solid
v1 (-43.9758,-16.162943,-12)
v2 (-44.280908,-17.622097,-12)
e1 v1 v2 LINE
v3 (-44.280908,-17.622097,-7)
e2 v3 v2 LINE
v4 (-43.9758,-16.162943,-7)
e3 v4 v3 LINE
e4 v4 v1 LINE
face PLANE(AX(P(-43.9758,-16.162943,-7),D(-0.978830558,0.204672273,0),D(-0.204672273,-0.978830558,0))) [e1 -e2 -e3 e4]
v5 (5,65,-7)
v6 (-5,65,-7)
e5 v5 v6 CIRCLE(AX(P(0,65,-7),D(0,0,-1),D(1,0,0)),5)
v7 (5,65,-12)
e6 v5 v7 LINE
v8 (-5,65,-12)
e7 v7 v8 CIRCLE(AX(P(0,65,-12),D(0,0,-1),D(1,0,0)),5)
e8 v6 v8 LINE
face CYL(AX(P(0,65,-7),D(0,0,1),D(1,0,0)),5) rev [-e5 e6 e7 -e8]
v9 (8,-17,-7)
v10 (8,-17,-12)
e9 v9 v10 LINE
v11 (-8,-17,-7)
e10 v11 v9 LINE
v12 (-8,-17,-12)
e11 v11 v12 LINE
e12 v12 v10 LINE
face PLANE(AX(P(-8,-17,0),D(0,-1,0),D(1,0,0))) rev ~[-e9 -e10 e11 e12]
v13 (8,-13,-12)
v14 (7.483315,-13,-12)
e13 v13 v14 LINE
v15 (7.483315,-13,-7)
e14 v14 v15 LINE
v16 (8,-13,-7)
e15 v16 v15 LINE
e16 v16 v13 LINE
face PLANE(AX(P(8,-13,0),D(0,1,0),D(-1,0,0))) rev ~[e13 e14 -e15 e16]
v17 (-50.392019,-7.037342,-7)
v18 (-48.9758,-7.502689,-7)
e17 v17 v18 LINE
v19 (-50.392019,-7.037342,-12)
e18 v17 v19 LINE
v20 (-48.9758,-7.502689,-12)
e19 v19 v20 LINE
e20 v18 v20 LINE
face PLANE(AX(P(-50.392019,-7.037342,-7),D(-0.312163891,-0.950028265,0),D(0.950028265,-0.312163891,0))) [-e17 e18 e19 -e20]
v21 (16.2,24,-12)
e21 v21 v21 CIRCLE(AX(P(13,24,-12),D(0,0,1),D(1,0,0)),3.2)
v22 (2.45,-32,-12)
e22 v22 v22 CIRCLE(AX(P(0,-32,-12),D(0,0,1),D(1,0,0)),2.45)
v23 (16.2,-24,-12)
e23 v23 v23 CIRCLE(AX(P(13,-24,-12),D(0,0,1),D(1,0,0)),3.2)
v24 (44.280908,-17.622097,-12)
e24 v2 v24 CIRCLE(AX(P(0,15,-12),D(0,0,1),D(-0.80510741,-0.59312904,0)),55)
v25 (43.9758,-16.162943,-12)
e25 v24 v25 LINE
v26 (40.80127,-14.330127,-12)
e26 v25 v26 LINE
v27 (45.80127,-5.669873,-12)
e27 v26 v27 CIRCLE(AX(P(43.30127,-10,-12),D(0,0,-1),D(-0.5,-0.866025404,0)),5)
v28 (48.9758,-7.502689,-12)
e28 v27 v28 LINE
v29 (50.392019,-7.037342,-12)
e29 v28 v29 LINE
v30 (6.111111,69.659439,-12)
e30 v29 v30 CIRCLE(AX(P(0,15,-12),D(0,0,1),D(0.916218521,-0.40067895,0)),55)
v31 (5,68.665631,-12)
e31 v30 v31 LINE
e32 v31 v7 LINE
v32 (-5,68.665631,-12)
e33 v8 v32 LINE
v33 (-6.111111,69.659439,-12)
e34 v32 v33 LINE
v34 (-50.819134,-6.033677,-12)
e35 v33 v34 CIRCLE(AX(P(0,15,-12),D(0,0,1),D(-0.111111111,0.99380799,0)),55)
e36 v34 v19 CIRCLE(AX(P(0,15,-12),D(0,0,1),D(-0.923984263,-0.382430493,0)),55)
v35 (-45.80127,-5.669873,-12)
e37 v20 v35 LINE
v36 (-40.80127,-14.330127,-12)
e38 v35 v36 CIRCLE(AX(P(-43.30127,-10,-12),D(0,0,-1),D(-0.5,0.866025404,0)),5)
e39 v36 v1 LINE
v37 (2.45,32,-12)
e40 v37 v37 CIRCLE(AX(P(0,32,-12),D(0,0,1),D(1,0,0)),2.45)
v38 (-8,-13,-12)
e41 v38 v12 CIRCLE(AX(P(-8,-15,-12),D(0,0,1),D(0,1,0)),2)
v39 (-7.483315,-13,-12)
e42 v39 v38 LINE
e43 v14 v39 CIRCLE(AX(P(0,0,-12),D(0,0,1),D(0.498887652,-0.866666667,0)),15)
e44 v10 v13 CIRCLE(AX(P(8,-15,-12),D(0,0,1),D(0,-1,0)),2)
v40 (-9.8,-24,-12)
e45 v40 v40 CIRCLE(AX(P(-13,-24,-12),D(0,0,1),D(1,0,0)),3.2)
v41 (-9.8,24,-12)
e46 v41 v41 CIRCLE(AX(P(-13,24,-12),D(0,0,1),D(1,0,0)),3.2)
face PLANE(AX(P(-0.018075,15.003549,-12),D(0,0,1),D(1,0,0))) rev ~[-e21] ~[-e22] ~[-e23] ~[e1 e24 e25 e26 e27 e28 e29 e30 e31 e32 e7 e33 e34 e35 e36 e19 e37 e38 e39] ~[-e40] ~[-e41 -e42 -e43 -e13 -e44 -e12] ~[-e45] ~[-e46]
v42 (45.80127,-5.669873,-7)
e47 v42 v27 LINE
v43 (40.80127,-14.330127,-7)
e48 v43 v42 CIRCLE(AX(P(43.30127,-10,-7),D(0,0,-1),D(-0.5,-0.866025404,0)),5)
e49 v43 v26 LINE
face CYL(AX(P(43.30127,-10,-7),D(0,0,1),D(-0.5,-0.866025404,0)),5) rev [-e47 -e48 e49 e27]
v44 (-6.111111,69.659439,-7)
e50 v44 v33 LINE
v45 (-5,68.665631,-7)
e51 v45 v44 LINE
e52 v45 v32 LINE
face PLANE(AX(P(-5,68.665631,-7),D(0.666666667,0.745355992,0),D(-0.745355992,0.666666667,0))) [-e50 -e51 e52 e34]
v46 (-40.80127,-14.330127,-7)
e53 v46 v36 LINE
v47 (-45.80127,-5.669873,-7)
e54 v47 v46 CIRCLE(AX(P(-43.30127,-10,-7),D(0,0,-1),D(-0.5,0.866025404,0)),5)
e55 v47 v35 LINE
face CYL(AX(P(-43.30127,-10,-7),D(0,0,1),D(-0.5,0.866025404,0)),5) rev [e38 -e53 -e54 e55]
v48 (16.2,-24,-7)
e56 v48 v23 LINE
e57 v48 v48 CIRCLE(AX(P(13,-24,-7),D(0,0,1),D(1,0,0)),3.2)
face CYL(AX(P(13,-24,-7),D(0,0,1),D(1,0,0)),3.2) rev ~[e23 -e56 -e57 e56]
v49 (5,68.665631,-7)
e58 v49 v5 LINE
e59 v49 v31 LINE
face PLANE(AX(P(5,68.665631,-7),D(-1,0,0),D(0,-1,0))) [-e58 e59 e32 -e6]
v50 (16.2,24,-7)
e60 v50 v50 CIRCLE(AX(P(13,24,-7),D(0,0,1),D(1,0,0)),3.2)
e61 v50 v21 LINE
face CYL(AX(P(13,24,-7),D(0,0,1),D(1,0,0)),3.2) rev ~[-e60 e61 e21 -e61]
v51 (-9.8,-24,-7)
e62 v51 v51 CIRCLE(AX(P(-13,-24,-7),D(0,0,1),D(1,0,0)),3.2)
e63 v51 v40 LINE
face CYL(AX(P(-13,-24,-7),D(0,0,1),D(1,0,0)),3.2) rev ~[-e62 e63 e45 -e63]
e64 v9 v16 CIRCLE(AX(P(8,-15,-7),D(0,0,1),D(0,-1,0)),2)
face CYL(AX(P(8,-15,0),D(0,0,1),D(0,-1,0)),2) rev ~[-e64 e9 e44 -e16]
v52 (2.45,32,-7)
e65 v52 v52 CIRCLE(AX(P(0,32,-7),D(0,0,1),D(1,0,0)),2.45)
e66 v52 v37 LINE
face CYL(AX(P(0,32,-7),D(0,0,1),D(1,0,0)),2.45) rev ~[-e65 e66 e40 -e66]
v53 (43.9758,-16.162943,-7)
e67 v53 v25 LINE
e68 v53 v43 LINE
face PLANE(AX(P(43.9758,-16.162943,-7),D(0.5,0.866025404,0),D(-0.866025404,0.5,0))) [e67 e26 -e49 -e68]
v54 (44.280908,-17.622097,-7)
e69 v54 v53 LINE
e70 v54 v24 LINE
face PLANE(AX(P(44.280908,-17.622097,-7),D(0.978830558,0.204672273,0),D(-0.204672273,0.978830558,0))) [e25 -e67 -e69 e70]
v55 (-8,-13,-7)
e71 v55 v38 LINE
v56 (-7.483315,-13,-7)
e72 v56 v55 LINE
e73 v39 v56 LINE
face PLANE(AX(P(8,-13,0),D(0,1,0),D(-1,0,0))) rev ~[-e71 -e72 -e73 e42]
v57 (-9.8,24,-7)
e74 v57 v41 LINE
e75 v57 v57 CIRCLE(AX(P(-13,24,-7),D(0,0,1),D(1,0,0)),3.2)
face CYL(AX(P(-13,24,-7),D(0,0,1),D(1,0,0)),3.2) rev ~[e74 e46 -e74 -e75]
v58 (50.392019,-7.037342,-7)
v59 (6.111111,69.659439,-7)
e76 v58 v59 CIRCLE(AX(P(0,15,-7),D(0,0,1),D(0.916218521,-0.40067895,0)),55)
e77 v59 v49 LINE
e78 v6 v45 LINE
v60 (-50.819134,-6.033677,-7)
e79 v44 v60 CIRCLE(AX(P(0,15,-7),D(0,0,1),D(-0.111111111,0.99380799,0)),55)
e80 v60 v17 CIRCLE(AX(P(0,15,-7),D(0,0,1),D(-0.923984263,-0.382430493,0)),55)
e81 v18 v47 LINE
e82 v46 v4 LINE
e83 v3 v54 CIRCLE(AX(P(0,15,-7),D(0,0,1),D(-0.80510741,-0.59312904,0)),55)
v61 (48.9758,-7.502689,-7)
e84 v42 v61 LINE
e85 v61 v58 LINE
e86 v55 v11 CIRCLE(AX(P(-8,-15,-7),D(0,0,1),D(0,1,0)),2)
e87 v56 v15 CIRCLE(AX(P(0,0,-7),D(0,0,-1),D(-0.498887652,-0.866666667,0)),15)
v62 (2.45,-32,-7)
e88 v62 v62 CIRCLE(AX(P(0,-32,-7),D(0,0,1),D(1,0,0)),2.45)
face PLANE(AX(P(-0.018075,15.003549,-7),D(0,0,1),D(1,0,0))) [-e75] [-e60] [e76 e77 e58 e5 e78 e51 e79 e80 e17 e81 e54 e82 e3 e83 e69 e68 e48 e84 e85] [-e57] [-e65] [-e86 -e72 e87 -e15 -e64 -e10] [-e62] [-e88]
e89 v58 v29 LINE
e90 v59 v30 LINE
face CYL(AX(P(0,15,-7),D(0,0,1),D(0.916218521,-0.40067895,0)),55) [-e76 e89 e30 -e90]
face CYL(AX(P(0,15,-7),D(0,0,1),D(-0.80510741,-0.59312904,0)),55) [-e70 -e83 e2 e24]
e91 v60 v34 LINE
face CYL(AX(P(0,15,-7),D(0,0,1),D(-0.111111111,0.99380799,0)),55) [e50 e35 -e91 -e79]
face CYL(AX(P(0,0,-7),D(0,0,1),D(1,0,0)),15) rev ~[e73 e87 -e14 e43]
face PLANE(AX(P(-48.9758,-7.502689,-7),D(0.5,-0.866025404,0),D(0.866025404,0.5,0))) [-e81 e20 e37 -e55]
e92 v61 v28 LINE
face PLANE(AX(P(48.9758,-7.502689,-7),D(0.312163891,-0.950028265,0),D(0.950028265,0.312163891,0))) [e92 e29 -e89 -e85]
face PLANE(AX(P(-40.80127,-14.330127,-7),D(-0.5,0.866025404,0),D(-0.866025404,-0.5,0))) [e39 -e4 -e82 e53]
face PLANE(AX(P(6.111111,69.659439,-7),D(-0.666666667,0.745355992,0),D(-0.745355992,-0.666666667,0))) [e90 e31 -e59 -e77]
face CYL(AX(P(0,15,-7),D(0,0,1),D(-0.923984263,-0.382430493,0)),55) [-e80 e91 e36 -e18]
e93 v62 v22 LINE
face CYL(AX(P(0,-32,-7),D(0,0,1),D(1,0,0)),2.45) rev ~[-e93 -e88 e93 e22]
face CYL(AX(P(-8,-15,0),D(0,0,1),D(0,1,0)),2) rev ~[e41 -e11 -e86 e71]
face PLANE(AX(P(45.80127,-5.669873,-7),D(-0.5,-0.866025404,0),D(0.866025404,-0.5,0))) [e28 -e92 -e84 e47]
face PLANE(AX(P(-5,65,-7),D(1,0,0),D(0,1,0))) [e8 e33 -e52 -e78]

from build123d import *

# Parameters (mm, degrees)
F1_START      = -7
F0_R          = 2.45
F0_R_2        = 3.2
F0_R_3        = 15
F1_DEPTH      = 5
F3_DEPTH      = 40
F3_DEPTH_BACK = 40


with BuildPart() as f1:
    # F0 (on Top) → F1 (new body)
    with BuildSketch(Plane.XY.offset(F1_START)):
        with BuildLine():
            Line((48.9758001545, -7.5026887111), (50.3920186759, -7.0373422574))
            ThreePointArc((50.3920186759, -7.0373422574), (47.6313972081, 42.5), (6.1111111111, 69.65943945))
            Line((6.1111111111, 69.65943945), (5, 68.66563146))
            Line((5, 68.66563146), (5, 65))
            ThreePointArc((5, 65), (0, 60), (-5, 65))
            Line((-5, 65), (-5, 68.66563146))
            Line((-5, 68.66563146), (-6.1111111111, 69.65943945))
            ThreePointArc((-6.1111111111, 69.65943945), (-47.3563637716, 42.9709637004), (-50.8191344463, -6.0336771423))
            ThreePointArc((-50.8191344463, -6.0336771423), (-50.6080647229, -6.5365685522), (-50.3920186759, -7.0373422574))
            Line((-50.3920186759, -7.0373422574), (-48.9758001545, -7.5026887111))
            Line((-48.9758001545, -7.5026887111), (-45.8012701892, -5.6698729811))
            ThreePointArc((-45.8012701892, -5.6698729811), (-38.9711431703, -7.5), (-40.8012701892, -14.3301270189))
            Line((-40.8012701892, -14.3301270189), (-43.9758001545, -16.1629427489))
            Line((-43.9758001545, -16.1629427489), (-44.2809075648, -17.6220971926))
            ThreePointArc((-44.2809075648, -17.6220971926), (0, -40), (44.2809075648, -17.6220971926))
            Line((44.2809075648, -17.6220971926), (43.9758001545, -16.1629427489))
            Line((43.9758001545, -16.1629427489), (40.8012701892, -14.3301270189))
            ThreePointArc((40.8012701892, -14.3301270189), (38.9711431703, -7.5), (45.8012701892, -5.6698729811))
            Line((45.8012701892, -5.6698729811), (48.9758001545, -7.5026887111))
        make_face()
        with Locations((0, -32)):
            Circle(F0_R, mode=Mode.SUBTRACT)
        with Locations((-13, -24)):
            Circle(F0_R_2, mode=Mode.SUBTRACT)
        Circle(F0_R_3, mode=Mode.SUBTRACT)
        with Locations((13, -24)):
            Circle(F0_R_2, mode=Mode.SUBTRACT)
        with Locations((-13, 24)):
            Circle(F0_R_2, mode=Mode.SUBTRACT)
        with Locations((0, 32)):
            Circle(F0_R, mode=Mode.SUBTRACT)
        with Locations((13, 24)):
            Circle(F0_R_2, mode=Mode.SUBTRACT)
    extrude(amount=-F1_DEPTH)

    # F2 (on Top) → F3 (cut, two sides)
    with BuildSketch(Plane.XY) as f3_sk:
        with BuildLine():
            Line((0, -13), (-8, -13))
            ThreePointArc((-8, -13), (-10, -15), (-8, -17))
            Line((-8, -17), (0, -17))
            Line((0, -17), (8, -17))
            ThreePointArc((8, -17), (10, -15), (8, -13))
            Line((8, -13), (0, -13))
        make_face()
    extrude(amount=-F3_DEPTH, mode=Mode.SUBTRACT)
    extrude(f3_sk.sketch, amount=F3_DEPTH_BACK, mode=Mode.SUBTRACT)


solid = f1.part
